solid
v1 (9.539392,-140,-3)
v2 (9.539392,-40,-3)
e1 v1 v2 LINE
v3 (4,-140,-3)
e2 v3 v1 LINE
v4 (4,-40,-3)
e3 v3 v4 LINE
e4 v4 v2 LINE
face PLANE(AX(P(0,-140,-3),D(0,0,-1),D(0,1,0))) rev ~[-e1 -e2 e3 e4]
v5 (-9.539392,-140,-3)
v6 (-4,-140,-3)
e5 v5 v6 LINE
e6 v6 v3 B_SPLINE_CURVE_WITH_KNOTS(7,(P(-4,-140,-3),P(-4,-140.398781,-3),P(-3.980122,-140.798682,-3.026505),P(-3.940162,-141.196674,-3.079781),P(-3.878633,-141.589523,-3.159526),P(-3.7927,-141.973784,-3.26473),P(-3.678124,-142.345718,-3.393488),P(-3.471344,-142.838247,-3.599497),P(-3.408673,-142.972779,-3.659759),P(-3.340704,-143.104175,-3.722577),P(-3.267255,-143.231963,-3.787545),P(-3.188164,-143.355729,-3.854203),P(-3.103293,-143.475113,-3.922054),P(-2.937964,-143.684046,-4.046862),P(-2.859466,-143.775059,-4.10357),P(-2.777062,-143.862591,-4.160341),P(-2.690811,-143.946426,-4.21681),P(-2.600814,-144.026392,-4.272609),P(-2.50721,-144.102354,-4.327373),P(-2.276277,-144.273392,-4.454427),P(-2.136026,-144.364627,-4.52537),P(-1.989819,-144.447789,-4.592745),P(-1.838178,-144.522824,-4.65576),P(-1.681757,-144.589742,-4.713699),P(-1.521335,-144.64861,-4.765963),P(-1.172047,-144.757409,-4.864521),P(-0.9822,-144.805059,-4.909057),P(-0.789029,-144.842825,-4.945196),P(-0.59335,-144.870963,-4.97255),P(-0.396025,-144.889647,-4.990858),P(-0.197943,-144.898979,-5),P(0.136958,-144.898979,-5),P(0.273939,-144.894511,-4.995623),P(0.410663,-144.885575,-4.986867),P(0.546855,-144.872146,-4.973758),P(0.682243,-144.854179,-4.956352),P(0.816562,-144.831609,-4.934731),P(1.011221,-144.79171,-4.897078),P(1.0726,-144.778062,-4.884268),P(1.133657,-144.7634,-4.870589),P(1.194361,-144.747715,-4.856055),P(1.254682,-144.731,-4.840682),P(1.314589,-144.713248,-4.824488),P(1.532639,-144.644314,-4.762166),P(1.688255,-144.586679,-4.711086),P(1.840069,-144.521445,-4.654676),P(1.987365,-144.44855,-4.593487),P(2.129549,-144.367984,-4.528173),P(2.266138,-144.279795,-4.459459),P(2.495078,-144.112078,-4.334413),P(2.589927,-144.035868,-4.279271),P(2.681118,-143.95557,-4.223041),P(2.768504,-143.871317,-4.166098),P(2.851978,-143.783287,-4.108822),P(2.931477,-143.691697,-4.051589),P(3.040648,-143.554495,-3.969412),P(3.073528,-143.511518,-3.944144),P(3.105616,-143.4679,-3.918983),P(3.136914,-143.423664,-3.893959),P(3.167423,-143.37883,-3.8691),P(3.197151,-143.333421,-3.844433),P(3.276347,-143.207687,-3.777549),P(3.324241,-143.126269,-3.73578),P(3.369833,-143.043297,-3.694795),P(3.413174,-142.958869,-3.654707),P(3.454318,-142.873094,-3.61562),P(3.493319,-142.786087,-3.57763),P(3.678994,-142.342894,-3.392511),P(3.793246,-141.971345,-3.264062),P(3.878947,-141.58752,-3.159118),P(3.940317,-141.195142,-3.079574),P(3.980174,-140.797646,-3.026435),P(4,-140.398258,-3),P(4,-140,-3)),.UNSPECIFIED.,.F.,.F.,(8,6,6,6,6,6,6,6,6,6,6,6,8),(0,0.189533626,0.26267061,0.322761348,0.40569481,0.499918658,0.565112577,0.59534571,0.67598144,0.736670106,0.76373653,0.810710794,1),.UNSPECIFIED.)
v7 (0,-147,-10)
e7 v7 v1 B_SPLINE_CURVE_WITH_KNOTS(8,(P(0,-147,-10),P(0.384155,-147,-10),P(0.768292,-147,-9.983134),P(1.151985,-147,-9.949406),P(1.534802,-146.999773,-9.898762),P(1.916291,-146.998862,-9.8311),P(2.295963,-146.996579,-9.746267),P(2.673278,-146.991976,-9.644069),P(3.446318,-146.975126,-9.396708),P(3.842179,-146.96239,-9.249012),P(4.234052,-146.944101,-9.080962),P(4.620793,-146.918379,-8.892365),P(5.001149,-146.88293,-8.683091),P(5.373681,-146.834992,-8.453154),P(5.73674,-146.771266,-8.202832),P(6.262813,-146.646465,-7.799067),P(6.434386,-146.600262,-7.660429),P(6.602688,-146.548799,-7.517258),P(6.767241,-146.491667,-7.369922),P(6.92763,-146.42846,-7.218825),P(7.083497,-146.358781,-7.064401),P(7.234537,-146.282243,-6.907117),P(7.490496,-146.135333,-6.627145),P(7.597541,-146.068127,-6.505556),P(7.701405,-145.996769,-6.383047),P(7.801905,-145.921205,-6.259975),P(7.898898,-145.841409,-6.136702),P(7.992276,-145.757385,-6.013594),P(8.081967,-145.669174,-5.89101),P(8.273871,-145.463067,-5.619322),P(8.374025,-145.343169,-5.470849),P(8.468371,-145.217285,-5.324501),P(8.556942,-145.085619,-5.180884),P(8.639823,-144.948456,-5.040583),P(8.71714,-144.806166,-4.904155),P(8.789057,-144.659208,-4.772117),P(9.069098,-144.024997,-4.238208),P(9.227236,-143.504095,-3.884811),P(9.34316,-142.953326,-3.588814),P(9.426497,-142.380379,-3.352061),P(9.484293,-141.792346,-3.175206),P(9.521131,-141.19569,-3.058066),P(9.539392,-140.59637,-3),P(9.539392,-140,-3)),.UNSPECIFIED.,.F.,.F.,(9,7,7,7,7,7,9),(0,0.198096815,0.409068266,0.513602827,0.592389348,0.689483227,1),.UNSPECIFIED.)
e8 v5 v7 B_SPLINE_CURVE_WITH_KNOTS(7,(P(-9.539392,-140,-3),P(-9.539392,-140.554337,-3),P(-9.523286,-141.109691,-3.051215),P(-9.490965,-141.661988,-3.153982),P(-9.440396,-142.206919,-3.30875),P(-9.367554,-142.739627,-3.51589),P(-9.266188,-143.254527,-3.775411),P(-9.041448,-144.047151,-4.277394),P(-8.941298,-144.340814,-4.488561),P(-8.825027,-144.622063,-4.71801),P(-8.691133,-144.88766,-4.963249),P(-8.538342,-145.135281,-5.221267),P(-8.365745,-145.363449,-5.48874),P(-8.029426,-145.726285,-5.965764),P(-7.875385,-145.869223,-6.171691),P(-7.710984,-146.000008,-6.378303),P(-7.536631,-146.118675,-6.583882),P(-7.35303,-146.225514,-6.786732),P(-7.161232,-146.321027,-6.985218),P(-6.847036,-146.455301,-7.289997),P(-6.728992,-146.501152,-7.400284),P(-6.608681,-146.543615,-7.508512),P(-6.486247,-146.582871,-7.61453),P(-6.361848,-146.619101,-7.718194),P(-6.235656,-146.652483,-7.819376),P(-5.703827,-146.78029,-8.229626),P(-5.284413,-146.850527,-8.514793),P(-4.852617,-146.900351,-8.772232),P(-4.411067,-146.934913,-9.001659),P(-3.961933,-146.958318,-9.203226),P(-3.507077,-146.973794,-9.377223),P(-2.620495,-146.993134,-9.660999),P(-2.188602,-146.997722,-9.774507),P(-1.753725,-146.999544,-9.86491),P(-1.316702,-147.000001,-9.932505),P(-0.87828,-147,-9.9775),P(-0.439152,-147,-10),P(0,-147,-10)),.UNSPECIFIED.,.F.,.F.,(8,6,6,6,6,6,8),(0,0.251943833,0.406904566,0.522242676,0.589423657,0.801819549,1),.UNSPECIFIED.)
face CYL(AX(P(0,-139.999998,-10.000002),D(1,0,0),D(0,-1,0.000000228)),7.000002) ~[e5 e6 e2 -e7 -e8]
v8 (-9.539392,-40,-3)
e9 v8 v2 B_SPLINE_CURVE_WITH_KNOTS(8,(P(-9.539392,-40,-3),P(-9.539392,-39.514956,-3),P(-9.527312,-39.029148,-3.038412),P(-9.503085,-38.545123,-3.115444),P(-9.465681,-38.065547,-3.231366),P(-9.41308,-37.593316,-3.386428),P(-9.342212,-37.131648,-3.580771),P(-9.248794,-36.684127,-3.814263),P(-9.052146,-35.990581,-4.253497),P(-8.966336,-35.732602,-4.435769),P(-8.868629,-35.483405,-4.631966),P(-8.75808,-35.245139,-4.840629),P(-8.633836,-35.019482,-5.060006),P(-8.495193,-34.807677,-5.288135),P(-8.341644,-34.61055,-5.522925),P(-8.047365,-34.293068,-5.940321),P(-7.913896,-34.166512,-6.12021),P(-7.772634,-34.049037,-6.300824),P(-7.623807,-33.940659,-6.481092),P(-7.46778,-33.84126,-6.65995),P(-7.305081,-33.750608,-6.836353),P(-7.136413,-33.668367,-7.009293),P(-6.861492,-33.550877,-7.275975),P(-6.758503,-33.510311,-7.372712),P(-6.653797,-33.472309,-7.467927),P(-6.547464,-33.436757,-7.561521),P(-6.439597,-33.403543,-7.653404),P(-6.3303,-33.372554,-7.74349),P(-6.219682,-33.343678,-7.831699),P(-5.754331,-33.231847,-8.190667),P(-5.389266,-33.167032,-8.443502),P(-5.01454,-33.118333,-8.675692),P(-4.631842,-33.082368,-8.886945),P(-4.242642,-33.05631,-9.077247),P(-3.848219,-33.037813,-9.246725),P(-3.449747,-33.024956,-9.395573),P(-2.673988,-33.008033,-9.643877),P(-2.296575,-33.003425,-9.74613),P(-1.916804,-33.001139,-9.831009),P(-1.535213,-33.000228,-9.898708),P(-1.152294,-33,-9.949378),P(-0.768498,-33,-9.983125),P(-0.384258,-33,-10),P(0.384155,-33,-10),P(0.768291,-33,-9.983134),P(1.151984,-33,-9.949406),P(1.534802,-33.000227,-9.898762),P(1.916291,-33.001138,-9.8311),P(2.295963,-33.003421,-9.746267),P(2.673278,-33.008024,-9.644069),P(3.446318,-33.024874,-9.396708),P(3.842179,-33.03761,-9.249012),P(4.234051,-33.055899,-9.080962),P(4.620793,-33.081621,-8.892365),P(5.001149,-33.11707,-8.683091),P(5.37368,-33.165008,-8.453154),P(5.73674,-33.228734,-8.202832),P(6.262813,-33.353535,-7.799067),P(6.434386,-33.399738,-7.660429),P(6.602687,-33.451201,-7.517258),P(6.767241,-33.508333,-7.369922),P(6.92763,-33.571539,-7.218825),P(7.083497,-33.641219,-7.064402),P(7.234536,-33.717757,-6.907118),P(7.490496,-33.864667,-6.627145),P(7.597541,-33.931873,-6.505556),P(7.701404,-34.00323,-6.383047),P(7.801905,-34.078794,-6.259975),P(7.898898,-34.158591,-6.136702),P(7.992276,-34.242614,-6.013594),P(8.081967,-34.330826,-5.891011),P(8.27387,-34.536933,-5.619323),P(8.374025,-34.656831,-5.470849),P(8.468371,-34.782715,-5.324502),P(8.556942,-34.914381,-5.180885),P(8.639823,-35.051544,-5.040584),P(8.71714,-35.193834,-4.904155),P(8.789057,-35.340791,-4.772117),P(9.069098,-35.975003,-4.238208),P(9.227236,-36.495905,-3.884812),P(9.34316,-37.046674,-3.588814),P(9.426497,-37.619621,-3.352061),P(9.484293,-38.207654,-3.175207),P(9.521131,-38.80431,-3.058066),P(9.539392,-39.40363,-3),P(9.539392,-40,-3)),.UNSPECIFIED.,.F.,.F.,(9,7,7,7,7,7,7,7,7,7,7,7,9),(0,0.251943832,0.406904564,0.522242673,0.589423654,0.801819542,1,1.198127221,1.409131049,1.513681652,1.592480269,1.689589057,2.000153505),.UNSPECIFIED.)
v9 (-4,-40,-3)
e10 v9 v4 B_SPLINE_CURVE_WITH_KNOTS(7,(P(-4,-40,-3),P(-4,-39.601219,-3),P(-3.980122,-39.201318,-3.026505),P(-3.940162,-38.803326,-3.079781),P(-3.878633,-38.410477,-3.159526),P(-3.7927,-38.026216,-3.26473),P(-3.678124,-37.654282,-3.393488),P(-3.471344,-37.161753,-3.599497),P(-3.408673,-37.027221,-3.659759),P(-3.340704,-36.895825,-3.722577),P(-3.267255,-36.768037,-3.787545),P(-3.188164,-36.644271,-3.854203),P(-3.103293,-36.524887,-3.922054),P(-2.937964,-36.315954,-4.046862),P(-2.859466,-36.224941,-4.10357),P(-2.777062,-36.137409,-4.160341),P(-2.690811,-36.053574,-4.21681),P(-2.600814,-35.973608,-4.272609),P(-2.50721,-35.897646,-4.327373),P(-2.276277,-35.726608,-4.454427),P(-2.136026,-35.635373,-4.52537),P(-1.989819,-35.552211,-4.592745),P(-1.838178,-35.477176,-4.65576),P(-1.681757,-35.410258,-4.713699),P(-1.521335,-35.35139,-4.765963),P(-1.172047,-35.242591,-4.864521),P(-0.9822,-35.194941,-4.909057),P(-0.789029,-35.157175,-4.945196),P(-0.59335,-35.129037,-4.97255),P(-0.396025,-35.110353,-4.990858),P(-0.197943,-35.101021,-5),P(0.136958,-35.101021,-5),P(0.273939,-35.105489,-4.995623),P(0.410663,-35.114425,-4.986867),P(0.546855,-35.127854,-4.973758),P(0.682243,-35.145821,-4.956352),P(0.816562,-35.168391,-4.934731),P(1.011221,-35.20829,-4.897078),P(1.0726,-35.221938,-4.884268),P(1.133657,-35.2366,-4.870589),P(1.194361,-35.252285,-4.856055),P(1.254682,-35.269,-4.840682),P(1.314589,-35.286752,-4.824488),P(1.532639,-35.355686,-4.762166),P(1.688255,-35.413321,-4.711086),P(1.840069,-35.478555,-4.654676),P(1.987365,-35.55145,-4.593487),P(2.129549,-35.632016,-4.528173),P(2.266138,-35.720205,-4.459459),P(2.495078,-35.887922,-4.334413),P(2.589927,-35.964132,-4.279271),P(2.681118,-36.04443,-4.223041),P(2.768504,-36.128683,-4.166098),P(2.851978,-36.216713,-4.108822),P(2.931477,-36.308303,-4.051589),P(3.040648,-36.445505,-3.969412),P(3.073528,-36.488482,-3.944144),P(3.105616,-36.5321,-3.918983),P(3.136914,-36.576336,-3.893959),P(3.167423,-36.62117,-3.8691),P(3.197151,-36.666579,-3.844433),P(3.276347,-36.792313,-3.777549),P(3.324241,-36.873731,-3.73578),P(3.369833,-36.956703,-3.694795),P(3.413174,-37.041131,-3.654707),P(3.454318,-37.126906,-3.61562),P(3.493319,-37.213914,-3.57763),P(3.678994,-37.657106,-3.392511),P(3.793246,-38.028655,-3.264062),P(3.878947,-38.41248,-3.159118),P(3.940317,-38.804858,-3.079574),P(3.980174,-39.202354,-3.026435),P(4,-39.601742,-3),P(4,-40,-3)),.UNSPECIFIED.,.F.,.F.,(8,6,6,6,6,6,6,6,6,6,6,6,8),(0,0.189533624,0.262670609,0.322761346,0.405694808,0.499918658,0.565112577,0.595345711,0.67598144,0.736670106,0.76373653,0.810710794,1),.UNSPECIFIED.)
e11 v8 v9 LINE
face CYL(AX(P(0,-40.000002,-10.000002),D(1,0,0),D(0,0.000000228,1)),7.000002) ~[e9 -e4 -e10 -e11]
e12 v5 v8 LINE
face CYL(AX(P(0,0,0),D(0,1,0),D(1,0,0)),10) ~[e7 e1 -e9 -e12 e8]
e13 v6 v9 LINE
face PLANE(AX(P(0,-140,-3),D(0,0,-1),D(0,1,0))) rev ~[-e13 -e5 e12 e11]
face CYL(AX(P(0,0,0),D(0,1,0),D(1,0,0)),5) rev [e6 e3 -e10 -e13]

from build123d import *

# Parameters (mm, degrees)
F0_R     = 10
F0_R_2   = 5
F1_DEPTH = 180
F3_DEPTH = 20


with BuildPart() as f1:
    # F0 (on Front) → F1 (new body)
    with BuildSketch(Plane.XZ):
        Circle(F0_R)
        Circle(F0_R_2, mode=Mode.SUBTRACT)
    extrude(amount=F1_DEPTH)

    # F2 (on Right) → F3 (cut, symmetric)
    with BuildSketch(Plane.YZ):
        with BuildLine():
            ThreePointArc((-147, -10), (-144.949747, -5.050253), (-140, -3))
            Line((-140, -3), (-40, -3))
            ThreePointArc((-40, -3), (-35.050253, -5.050253), (-33, -10))
            Line((-33, -10), (-14.682153, -24.968417))
            Line((-14.682153, -24.968417), (36.49023, -33.983029))
            Line((36.49023, -33.983029), (19.090915, 33.983029))
            Line((19.090915, 33.983029), (-179.398015, 25.044244))
            Line((-179.398015, 25.044244), (-188.975835, -10))
            Line((-188.975835, -10), (-147, -10))
        make_face()
    extrude(amount=F3_DEPTH, both=True, mode=Mode.SUBTRACT)


solid = f1.part
